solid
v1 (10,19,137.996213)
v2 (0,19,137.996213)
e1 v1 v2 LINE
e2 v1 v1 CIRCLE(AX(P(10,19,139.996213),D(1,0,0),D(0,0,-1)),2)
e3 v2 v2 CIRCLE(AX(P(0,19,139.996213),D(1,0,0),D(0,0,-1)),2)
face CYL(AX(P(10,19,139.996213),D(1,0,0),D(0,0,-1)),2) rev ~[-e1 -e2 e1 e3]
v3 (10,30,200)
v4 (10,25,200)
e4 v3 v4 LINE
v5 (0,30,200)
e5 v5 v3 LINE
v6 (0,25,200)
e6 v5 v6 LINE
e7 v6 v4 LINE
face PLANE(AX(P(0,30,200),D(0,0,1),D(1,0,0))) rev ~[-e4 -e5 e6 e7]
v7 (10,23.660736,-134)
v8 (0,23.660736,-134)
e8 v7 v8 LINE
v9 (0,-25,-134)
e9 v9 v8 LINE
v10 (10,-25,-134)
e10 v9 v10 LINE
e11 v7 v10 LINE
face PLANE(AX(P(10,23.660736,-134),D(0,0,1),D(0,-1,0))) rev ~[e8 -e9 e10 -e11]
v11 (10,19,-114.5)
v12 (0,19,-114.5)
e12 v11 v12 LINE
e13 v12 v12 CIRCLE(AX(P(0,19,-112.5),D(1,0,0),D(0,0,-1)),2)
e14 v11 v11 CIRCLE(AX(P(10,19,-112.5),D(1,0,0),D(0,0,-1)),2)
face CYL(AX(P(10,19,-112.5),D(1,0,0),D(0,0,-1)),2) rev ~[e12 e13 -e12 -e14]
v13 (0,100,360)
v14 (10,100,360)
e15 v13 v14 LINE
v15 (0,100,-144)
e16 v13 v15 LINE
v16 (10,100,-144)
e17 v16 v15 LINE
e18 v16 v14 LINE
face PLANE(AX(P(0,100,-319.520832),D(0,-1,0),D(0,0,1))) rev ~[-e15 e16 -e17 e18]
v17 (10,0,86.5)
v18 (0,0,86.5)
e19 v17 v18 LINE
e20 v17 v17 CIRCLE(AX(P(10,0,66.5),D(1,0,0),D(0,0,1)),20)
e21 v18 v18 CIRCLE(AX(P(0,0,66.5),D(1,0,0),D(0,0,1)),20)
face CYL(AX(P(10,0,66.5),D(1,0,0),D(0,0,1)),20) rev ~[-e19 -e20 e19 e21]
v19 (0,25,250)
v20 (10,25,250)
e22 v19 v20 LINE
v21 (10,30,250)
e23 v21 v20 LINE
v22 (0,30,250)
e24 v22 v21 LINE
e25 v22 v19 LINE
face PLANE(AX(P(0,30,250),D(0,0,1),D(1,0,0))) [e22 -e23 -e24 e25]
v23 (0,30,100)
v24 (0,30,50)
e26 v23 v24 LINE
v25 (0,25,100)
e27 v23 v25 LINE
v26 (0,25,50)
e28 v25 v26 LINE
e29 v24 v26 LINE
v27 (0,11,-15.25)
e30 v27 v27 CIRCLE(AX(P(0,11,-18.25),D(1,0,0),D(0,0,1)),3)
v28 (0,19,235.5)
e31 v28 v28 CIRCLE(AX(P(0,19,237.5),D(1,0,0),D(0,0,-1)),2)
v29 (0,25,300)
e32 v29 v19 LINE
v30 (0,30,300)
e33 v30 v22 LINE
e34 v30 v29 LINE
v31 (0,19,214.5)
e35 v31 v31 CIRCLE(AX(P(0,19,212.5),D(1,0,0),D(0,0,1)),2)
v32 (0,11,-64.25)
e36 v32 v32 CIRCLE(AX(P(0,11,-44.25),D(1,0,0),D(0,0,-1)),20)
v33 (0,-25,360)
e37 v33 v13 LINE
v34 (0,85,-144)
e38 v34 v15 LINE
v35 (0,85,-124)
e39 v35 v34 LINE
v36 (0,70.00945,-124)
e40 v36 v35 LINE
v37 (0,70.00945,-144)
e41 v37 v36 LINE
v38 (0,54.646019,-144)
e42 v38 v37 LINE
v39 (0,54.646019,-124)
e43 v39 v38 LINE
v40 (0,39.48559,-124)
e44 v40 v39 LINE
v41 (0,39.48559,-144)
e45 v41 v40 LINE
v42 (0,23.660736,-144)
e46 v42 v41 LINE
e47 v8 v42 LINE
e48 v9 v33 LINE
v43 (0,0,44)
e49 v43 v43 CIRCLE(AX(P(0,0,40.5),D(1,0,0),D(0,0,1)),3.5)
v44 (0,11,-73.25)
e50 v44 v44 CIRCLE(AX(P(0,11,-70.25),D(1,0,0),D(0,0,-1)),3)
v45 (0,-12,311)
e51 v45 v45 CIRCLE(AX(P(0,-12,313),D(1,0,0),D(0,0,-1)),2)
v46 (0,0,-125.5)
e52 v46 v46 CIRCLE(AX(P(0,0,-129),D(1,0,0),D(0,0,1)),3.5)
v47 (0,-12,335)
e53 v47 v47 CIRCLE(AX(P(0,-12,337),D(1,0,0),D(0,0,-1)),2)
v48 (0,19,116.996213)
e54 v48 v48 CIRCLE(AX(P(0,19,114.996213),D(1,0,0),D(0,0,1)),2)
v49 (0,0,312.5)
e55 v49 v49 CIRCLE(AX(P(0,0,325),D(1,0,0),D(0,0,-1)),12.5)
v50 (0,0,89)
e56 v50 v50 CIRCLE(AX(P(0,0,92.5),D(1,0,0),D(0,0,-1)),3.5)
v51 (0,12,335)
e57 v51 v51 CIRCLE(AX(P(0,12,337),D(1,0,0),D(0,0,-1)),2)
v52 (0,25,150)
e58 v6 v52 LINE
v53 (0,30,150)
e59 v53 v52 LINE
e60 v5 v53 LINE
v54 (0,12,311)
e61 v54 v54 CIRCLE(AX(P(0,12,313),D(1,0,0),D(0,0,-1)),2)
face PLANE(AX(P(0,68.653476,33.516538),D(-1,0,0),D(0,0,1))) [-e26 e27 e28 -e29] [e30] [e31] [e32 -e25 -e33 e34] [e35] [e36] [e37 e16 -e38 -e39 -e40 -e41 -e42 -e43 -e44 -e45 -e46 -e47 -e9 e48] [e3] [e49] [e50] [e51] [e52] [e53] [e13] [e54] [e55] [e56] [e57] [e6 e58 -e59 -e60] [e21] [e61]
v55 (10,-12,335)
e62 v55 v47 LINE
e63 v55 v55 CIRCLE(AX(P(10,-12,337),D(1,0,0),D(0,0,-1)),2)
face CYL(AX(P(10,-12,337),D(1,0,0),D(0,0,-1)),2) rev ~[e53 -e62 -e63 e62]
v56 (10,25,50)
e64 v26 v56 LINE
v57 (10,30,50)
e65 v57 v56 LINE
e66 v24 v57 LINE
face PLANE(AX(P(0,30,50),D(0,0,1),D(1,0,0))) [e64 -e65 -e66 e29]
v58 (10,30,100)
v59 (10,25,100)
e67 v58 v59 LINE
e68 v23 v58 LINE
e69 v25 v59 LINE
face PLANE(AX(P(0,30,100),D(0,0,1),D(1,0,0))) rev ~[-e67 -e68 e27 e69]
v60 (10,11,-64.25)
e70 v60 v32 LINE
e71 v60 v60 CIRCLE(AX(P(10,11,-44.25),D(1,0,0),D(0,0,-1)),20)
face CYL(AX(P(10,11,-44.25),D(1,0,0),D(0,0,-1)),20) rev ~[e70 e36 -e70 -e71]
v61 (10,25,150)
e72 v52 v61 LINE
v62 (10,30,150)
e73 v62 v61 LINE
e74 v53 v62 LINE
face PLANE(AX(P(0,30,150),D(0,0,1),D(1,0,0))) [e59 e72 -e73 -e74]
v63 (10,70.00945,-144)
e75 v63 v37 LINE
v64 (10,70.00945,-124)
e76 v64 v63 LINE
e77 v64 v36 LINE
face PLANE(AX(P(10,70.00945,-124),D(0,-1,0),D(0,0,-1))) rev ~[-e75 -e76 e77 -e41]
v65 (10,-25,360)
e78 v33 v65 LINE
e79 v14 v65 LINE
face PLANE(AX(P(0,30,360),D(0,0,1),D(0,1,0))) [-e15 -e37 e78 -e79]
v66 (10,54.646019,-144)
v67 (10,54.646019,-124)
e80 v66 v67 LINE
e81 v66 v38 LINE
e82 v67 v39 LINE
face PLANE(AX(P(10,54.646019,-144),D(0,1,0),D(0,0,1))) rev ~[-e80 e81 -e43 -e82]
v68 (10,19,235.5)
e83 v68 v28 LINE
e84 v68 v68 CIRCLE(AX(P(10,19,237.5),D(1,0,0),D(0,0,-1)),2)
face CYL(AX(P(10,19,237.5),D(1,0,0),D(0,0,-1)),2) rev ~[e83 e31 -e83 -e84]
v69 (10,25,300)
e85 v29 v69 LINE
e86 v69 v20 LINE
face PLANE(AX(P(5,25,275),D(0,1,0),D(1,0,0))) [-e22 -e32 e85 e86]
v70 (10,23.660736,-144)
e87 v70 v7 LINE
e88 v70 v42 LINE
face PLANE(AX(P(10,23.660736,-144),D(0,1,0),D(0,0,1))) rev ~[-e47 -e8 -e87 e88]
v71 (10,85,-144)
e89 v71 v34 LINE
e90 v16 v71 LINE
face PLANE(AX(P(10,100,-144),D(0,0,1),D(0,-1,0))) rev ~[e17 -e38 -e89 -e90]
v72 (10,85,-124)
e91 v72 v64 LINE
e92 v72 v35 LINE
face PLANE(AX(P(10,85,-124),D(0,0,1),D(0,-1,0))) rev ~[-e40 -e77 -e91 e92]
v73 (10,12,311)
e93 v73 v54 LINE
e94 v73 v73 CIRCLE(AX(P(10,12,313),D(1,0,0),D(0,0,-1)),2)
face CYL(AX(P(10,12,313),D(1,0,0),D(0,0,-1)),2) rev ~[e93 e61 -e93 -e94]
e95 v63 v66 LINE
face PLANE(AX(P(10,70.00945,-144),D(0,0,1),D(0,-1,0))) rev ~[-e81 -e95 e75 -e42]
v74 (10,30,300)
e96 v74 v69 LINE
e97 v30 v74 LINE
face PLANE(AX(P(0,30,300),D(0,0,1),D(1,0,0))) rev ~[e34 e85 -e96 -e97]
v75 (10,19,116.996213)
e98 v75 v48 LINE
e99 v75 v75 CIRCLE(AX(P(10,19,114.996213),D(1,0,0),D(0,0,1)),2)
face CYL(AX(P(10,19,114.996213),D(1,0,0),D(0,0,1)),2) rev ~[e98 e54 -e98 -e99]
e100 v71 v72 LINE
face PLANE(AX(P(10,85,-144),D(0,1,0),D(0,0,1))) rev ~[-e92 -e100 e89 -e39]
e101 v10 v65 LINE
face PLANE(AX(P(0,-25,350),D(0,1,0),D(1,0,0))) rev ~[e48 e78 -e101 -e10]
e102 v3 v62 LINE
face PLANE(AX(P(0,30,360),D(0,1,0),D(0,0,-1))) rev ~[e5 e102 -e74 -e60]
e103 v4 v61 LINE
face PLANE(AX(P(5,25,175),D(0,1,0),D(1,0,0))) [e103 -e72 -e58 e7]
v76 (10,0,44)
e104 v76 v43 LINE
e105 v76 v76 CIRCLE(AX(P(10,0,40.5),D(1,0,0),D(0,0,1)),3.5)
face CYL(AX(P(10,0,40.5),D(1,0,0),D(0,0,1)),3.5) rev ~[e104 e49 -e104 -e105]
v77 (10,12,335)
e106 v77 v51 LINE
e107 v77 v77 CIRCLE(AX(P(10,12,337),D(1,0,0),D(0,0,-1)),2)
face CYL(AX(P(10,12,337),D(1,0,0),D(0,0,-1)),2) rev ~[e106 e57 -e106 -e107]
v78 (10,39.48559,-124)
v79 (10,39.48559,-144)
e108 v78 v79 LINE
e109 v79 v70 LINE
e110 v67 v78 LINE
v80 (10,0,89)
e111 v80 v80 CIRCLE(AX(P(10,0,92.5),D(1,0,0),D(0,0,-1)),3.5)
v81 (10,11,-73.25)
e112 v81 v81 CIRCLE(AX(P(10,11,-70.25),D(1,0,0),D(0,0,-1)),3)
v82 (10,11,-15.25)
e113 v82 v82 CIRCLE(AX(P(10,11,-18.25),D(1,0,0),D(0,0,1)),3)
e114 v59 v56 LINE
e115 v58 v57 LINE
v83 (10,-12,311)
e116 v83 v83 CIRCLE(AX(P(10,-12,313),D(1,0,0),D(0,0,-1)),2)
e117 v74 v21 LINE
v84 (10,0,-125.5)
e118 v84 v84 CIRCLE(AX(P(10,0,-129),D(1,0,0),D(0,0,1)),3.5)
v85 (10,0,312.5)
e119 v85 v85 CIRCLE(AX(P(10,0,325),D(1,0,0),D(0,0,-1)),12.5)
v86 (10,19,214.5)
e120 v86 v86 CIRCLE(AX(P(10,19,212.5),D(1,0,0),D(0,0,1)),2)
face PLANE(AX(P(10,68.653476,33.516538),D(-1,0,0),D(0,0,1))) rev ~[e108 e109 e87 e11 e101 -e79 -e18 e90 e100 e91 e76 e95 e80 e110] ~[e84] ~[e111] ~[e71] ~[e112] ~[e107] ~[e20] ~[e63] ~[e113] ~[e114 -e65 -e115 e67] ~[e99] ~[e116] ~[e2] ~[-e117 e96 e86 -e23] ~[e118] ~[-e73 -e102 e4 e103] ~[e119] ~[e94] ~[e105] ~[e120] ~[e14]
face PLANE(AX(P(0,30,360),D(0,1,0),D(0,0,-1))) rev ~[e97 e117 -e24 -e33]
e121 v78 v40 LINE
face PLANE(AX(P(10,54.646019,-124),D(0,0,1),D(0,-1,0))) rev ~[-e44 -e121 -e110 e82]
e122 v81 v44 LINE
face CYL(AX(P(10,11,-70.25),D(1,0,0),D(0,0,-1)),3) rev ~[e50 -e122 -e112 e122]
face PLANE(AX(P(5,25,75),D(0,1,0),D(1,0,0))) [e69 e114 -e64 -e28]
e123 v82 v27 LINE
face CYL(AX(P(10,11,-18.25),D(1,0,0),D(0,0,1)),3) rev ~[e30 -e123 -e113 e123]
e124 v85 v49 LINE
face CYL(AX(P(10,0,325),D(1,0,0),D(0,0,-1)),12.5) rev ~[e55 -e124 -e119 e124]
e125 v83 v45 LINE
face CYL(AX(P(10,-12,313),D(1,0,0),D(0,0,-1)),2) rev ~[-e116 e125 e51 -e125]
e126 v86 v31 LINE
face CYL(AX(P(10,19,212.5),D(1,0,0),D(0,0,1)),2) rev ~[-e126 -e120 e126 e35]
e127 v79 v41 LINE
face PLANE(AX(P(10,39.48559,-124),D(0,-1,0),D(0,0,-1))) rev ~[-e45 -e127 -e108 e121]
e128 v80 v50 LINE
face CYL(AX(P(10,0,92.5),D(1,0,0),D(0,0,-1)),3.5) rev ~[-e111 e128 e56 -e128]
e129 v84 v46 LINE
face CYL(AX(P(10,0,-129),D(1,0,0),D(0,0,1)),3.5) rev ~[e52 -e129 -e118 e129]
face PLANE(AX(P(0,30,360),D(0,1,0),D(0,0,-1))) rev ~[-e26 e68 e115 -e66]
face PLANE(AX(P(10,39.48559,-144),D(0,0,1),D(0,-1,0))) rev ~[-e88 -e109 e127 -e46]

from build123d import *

# Parameters (mm, degrees)
EXTRUDE_2_DEPTH      = 10
SKETCH_3_R           = 3.5
SKETCH_3_R_2         = 20
SKETCH_3_R_3         = 2
SKETCH_3_R_4         = 12.5
CUT_EXTRUDE_1_DEPTH  = 660.636515889
SKETCH_6_W           = 10
SKETCH_6_H           = 50
CUT_EXTRUDE_14_DEPTH = 5
SKETCH_7_W           = 45
SKETCH_7_H           = 5
SKETCH_7_W_2         = 50
CUT_EXTRUDE_17_DEPTH = 660.636515889
SKETCH_4_R           = 2
CUT_EXTRUDE_18_DEPTH = 10
SKETCH_8_W           = 10
SKETCH_8_H           = 55
EXTRUDE_3_DEPTH      = 10
SKETCH_9_R           = 3.5
SKETCH_9_R_2         = 20
CUT_EXTRUDE_19_DEPTH = 660.636515889
EXTRUDE_4_DEPTH      = 10
SKETCH_14_R          = 20
SKETCH_14_R_2        = 3
CUT_EXTRUDE_20_DEPTH = 660.636515889
SKETCH_15_R          = 2
CUT_EXTRUDE_22_DEPTH = 660.636515889
CUT_EXTRUDE_25_DEPTH = 660.636515889


with BuildPart() as part:
    # 스케치1 → 보스-돌출2 (new body)
    with BuildSketch(Plane(origin=(0, 0, 0), x_dir=(0, 0, -1), z_dir=(1, 0, 0))):
        with BuildLine():
            Line((-350, -25), (353.480885827, -25))
            ThreePointArc((353.480885827, -25), (359.679041929, -24.015332259), (365.266885594, -21.158286093))
            Line((365.266885594, -21.158286093), (609.458437468, 155.703306991))
            ThreePointArc((609.458437468, 155.703306991), (620.947494037, 196.239910069), (580.410890959, 207.728966637))
            Line((580.410890959, 207.728966637), (150, 30))
            Line((150, 30), (-350, 30))
            Line((-350, 30), (-350, -25))
        make_face()
    extrude(amount=EXTRUDE_2_DEPTH)

    # 스케치3 → 컷-돌출1 (cut, through all)
    with BuildSketch(Plane(origin=(10, 0, 0), x_dir=(0, 0, -1), z_dir=(1, 0, 0))):
        with Locations((613.415951219, 194.53901549)):
            Circle(SKETCH_3_R)
        with Locations((570.305997446, 165.46098451)):
            Circle(SKETCH_3_R)
        with Locations((591.860974332, 180)):
            Circle(SKETCH_3_R_2)
        with Locations((337, -12)):
            Circle(SKETCH_3_R_3)
        with Locations((313, 12)):
            Circle(SKETCH_3_R_3)
        with Locations((313, -12)):
            Circle(SKETCH_3_R_3)
        with Locations((337, 12)):
            Circle(SKETCH_3_R_3)
        with Locations((325, 0)):
            Circle(SKETCH_3_R_4)
        with Locations((-313, -12)):
            Circle(SKETCH_3_R_3)
        with Locations((-313, 12)):
            Circle(SKETCH_3_R_3)
        with Locations((-325, 0)):
            Circle(SKETCH_3_R_4)
        with Locations((-337, -12)):
            Circle(SKETCH_3_R_3)
        with Locations((-337, 12)):
            Circle(SKETCH_3_R_3)
    extrude(amount=-CUT_EXTRUDE_1_DEPTH, mode=Mode.SUBTRACT)

    # 스케치6 → 컷-돌출14 (cut)
    with BuildSketch(Plane(origin=(0, 30, 0), x_dir=(1, 0, 0), z_dir=(0, 1, 0))):
        with Locations((5, -75)):
            Rectangle(SKETCH_6_W, SKETCH_6_H)
        with Locations((5, -275)):
            Rectangle(SKETCH_6_W, SKETCH_6_H)
        with Locations((5, 75)):
            Rectangle(SKETCH_6_W, SKETCH_6_H)
        with Locations((5, -175)):
            Rectangle(SKETCH_6_W, SKETCH_6_H)
    extrude(amount=-CUT_EXTRUDE_14_DEPTH, mode=Mode.SUBTRACT)

    # 스케치7 → 컷-돌출17 (cut, through all)
    with BuildSketch(Plane(origin=(10, 0, 0), x_dir=(0, 0, -1), z_dir=(1, 0, 0))):
        with Locations((177.5, 27.5)):
            Rectangle(SKETCH_7_W, SKETCH_7_H)
        with Locations((275, 27.5)):
            Rectangle(SKETCH_7_W_2, SKETCH_7_H)
    extrude(amount=-CUT_EXTRUDE_17_DEPTH, mode=Mode.SUBTRACT)

    # 스케치4 → 컷-돌출18 (cut)
    with BuildSketch(Plane(origin=(10, 0, 0), x_dir=(0, 0, -1), z_dir=(1, 0, 0))):
        with Locations((-237.5, 19)):
            Circle(SKETCH_4_R)
        with Locations(Location((-212.5, 19, 0), (0, 0, 180))):
            Circle(SKETCH_4_R)
        with Locations((-139.996213119, 19)):
            Circle(SKETCH_4_R)
        with Locations(Location((-114.996213119, 19, 0), (0, 0, 180))):
            Circle(SKETCH_4_R)
        with Locations((112.5, 19)):
            Circle(SKETCH_4_R)
        with Locations((212.5, 19)):
            Circle(SKETCH_4_R)
        with Locations(Location((237.5, 19, 0), (0, 0, 180))):
            Circle(SKETCH_4_R)
    extrude(amount=-CUT_EXTRUDE_18_DEPTH, mode=Mode.SUBTRACT)

    # 스케치8 → 보스-돌출3 (add)
    with BuildSketch(Plane.XY.offset(350)):
        with Locations((5, 2.5)):
            Rectangle(SKETCH_8_W, SKETCH_8_H)
    extrude(amount=EXTRUDE_3_DEPTH)

    # 스케치9 → 컷-돌출19 (cut, through all)
    with BuildSketch(Plane(origin=(10, 0, 0), x_dir=(0, 0, -1), z_dir=(1, 0, 0))):
        with Locations((-92.5, 0)):
            Circle(SKETCH_9_R)
        with Locations(Location((-40.5, 0, 0), (0, 0, 180))):
            Circle(SKETCH_9_R)
        with Locations(Location((-66.5, 0, 0), (0, 0, 180))):
            Circle(SKETCH_9_R_2)
        with Locations((155, 0)):
            Circle(SKETCH_9_R_2)
        with Locations((181, 0)):
            Circle(SKETCH_9_R)
        with Locations(Location((129, 0, 0), (0, 0, 180))):
            Circle(SKETCH_9_R)
    extrude(amount=-CUT_EXTRUDE_19_DEPTH, mode=Mode.SUBTRACT)

    # 스케치10 → 보스-돌출4 (add)
    with BuildSketch(Plane(origin=(0, 0, 0), x_dir=(0, 0, -1), z_dir=(1, 0, 0))):
        Polygon((100, 30), (100, 25), (50, 25), (50, 30), (-50, 30), (-360, 30), (-360, 100), (-50, 100), (319.520832407, 100), (150, 30), align=None)
    extrude(amount=EXTRUDE_4_DEPTH)

    # 스케치14 → 컷-돌출20 (cut, through all)
    with BuildSketch(Plane(origin=(10, 0, 0), x_dir=(0, 0, -1), z_dir=(1, 0, 0))):
        with Locations((44.25, 11)):
            Circle(SKETCH_14_R)
        with Locations((70.25, 11)):
            Circle(SKETCH_14_R_2)
        with Locations(Location((18.25, 11, 0), (0, 0, 180))):
            Circle(SKETCH_14_R_2)
    extrude(amount=-CUT_EXTRUDE_20_DEPTH, mode=Mode.SUBTRACT)

    # 스케치15 → 컷-돌출22 (cut, through all)
    with BuildSketch(Plane(origin=(10, 0, 0), x_dir=(0, 0, -1), z_dir=(1, 0, 0))):
        with Locations((331.433412373, 50.824001827)):
            Circle(SKETCH_15_R)
        with Locations((316.195018887, 87.807665301)):
            Circle(SKETCH_15_R)
        with Locations(Location((451.630318664, 100.348780655, 0), (0, 0, 180))):
            Circle(SKETCH_15_R)
        with Locations(Location((436.391925178, 137.332444129, 0), (0, 0, 180))):
            Circle(SKETCH_15_R)
    extrude(amount=-CUT_EXTRUDE_22_DEPTH, mode=Mode.SUBTRACT)

    # 스케치17 → 컷-돌출25 (cut, through all)
    with BuildSketch(Plane(origin=(10, 0, 0), x_dir=(0, 0, -1), z_dir=(1, 0, 0))):
        Polygon((134, 100), (144, 100), (144, 85), (124, 85), (124, 70.009449614), (144, 70.009449614), (144, 54.646019177), (124, 54.646019177), (124, 39.485590498), (144, 39.485590498), (144, 23.660735911), (134, 23.660735911), (134, -25.259204994), (695.028977211, -25.259204994), (695.028977211, 260.6847899), (134, 260.6847899), align=None)
    extrude(amount=-CUT_EXTRUDE_25_DEPTH, mode=Mode.SUBTRACT)


solid = part.part
